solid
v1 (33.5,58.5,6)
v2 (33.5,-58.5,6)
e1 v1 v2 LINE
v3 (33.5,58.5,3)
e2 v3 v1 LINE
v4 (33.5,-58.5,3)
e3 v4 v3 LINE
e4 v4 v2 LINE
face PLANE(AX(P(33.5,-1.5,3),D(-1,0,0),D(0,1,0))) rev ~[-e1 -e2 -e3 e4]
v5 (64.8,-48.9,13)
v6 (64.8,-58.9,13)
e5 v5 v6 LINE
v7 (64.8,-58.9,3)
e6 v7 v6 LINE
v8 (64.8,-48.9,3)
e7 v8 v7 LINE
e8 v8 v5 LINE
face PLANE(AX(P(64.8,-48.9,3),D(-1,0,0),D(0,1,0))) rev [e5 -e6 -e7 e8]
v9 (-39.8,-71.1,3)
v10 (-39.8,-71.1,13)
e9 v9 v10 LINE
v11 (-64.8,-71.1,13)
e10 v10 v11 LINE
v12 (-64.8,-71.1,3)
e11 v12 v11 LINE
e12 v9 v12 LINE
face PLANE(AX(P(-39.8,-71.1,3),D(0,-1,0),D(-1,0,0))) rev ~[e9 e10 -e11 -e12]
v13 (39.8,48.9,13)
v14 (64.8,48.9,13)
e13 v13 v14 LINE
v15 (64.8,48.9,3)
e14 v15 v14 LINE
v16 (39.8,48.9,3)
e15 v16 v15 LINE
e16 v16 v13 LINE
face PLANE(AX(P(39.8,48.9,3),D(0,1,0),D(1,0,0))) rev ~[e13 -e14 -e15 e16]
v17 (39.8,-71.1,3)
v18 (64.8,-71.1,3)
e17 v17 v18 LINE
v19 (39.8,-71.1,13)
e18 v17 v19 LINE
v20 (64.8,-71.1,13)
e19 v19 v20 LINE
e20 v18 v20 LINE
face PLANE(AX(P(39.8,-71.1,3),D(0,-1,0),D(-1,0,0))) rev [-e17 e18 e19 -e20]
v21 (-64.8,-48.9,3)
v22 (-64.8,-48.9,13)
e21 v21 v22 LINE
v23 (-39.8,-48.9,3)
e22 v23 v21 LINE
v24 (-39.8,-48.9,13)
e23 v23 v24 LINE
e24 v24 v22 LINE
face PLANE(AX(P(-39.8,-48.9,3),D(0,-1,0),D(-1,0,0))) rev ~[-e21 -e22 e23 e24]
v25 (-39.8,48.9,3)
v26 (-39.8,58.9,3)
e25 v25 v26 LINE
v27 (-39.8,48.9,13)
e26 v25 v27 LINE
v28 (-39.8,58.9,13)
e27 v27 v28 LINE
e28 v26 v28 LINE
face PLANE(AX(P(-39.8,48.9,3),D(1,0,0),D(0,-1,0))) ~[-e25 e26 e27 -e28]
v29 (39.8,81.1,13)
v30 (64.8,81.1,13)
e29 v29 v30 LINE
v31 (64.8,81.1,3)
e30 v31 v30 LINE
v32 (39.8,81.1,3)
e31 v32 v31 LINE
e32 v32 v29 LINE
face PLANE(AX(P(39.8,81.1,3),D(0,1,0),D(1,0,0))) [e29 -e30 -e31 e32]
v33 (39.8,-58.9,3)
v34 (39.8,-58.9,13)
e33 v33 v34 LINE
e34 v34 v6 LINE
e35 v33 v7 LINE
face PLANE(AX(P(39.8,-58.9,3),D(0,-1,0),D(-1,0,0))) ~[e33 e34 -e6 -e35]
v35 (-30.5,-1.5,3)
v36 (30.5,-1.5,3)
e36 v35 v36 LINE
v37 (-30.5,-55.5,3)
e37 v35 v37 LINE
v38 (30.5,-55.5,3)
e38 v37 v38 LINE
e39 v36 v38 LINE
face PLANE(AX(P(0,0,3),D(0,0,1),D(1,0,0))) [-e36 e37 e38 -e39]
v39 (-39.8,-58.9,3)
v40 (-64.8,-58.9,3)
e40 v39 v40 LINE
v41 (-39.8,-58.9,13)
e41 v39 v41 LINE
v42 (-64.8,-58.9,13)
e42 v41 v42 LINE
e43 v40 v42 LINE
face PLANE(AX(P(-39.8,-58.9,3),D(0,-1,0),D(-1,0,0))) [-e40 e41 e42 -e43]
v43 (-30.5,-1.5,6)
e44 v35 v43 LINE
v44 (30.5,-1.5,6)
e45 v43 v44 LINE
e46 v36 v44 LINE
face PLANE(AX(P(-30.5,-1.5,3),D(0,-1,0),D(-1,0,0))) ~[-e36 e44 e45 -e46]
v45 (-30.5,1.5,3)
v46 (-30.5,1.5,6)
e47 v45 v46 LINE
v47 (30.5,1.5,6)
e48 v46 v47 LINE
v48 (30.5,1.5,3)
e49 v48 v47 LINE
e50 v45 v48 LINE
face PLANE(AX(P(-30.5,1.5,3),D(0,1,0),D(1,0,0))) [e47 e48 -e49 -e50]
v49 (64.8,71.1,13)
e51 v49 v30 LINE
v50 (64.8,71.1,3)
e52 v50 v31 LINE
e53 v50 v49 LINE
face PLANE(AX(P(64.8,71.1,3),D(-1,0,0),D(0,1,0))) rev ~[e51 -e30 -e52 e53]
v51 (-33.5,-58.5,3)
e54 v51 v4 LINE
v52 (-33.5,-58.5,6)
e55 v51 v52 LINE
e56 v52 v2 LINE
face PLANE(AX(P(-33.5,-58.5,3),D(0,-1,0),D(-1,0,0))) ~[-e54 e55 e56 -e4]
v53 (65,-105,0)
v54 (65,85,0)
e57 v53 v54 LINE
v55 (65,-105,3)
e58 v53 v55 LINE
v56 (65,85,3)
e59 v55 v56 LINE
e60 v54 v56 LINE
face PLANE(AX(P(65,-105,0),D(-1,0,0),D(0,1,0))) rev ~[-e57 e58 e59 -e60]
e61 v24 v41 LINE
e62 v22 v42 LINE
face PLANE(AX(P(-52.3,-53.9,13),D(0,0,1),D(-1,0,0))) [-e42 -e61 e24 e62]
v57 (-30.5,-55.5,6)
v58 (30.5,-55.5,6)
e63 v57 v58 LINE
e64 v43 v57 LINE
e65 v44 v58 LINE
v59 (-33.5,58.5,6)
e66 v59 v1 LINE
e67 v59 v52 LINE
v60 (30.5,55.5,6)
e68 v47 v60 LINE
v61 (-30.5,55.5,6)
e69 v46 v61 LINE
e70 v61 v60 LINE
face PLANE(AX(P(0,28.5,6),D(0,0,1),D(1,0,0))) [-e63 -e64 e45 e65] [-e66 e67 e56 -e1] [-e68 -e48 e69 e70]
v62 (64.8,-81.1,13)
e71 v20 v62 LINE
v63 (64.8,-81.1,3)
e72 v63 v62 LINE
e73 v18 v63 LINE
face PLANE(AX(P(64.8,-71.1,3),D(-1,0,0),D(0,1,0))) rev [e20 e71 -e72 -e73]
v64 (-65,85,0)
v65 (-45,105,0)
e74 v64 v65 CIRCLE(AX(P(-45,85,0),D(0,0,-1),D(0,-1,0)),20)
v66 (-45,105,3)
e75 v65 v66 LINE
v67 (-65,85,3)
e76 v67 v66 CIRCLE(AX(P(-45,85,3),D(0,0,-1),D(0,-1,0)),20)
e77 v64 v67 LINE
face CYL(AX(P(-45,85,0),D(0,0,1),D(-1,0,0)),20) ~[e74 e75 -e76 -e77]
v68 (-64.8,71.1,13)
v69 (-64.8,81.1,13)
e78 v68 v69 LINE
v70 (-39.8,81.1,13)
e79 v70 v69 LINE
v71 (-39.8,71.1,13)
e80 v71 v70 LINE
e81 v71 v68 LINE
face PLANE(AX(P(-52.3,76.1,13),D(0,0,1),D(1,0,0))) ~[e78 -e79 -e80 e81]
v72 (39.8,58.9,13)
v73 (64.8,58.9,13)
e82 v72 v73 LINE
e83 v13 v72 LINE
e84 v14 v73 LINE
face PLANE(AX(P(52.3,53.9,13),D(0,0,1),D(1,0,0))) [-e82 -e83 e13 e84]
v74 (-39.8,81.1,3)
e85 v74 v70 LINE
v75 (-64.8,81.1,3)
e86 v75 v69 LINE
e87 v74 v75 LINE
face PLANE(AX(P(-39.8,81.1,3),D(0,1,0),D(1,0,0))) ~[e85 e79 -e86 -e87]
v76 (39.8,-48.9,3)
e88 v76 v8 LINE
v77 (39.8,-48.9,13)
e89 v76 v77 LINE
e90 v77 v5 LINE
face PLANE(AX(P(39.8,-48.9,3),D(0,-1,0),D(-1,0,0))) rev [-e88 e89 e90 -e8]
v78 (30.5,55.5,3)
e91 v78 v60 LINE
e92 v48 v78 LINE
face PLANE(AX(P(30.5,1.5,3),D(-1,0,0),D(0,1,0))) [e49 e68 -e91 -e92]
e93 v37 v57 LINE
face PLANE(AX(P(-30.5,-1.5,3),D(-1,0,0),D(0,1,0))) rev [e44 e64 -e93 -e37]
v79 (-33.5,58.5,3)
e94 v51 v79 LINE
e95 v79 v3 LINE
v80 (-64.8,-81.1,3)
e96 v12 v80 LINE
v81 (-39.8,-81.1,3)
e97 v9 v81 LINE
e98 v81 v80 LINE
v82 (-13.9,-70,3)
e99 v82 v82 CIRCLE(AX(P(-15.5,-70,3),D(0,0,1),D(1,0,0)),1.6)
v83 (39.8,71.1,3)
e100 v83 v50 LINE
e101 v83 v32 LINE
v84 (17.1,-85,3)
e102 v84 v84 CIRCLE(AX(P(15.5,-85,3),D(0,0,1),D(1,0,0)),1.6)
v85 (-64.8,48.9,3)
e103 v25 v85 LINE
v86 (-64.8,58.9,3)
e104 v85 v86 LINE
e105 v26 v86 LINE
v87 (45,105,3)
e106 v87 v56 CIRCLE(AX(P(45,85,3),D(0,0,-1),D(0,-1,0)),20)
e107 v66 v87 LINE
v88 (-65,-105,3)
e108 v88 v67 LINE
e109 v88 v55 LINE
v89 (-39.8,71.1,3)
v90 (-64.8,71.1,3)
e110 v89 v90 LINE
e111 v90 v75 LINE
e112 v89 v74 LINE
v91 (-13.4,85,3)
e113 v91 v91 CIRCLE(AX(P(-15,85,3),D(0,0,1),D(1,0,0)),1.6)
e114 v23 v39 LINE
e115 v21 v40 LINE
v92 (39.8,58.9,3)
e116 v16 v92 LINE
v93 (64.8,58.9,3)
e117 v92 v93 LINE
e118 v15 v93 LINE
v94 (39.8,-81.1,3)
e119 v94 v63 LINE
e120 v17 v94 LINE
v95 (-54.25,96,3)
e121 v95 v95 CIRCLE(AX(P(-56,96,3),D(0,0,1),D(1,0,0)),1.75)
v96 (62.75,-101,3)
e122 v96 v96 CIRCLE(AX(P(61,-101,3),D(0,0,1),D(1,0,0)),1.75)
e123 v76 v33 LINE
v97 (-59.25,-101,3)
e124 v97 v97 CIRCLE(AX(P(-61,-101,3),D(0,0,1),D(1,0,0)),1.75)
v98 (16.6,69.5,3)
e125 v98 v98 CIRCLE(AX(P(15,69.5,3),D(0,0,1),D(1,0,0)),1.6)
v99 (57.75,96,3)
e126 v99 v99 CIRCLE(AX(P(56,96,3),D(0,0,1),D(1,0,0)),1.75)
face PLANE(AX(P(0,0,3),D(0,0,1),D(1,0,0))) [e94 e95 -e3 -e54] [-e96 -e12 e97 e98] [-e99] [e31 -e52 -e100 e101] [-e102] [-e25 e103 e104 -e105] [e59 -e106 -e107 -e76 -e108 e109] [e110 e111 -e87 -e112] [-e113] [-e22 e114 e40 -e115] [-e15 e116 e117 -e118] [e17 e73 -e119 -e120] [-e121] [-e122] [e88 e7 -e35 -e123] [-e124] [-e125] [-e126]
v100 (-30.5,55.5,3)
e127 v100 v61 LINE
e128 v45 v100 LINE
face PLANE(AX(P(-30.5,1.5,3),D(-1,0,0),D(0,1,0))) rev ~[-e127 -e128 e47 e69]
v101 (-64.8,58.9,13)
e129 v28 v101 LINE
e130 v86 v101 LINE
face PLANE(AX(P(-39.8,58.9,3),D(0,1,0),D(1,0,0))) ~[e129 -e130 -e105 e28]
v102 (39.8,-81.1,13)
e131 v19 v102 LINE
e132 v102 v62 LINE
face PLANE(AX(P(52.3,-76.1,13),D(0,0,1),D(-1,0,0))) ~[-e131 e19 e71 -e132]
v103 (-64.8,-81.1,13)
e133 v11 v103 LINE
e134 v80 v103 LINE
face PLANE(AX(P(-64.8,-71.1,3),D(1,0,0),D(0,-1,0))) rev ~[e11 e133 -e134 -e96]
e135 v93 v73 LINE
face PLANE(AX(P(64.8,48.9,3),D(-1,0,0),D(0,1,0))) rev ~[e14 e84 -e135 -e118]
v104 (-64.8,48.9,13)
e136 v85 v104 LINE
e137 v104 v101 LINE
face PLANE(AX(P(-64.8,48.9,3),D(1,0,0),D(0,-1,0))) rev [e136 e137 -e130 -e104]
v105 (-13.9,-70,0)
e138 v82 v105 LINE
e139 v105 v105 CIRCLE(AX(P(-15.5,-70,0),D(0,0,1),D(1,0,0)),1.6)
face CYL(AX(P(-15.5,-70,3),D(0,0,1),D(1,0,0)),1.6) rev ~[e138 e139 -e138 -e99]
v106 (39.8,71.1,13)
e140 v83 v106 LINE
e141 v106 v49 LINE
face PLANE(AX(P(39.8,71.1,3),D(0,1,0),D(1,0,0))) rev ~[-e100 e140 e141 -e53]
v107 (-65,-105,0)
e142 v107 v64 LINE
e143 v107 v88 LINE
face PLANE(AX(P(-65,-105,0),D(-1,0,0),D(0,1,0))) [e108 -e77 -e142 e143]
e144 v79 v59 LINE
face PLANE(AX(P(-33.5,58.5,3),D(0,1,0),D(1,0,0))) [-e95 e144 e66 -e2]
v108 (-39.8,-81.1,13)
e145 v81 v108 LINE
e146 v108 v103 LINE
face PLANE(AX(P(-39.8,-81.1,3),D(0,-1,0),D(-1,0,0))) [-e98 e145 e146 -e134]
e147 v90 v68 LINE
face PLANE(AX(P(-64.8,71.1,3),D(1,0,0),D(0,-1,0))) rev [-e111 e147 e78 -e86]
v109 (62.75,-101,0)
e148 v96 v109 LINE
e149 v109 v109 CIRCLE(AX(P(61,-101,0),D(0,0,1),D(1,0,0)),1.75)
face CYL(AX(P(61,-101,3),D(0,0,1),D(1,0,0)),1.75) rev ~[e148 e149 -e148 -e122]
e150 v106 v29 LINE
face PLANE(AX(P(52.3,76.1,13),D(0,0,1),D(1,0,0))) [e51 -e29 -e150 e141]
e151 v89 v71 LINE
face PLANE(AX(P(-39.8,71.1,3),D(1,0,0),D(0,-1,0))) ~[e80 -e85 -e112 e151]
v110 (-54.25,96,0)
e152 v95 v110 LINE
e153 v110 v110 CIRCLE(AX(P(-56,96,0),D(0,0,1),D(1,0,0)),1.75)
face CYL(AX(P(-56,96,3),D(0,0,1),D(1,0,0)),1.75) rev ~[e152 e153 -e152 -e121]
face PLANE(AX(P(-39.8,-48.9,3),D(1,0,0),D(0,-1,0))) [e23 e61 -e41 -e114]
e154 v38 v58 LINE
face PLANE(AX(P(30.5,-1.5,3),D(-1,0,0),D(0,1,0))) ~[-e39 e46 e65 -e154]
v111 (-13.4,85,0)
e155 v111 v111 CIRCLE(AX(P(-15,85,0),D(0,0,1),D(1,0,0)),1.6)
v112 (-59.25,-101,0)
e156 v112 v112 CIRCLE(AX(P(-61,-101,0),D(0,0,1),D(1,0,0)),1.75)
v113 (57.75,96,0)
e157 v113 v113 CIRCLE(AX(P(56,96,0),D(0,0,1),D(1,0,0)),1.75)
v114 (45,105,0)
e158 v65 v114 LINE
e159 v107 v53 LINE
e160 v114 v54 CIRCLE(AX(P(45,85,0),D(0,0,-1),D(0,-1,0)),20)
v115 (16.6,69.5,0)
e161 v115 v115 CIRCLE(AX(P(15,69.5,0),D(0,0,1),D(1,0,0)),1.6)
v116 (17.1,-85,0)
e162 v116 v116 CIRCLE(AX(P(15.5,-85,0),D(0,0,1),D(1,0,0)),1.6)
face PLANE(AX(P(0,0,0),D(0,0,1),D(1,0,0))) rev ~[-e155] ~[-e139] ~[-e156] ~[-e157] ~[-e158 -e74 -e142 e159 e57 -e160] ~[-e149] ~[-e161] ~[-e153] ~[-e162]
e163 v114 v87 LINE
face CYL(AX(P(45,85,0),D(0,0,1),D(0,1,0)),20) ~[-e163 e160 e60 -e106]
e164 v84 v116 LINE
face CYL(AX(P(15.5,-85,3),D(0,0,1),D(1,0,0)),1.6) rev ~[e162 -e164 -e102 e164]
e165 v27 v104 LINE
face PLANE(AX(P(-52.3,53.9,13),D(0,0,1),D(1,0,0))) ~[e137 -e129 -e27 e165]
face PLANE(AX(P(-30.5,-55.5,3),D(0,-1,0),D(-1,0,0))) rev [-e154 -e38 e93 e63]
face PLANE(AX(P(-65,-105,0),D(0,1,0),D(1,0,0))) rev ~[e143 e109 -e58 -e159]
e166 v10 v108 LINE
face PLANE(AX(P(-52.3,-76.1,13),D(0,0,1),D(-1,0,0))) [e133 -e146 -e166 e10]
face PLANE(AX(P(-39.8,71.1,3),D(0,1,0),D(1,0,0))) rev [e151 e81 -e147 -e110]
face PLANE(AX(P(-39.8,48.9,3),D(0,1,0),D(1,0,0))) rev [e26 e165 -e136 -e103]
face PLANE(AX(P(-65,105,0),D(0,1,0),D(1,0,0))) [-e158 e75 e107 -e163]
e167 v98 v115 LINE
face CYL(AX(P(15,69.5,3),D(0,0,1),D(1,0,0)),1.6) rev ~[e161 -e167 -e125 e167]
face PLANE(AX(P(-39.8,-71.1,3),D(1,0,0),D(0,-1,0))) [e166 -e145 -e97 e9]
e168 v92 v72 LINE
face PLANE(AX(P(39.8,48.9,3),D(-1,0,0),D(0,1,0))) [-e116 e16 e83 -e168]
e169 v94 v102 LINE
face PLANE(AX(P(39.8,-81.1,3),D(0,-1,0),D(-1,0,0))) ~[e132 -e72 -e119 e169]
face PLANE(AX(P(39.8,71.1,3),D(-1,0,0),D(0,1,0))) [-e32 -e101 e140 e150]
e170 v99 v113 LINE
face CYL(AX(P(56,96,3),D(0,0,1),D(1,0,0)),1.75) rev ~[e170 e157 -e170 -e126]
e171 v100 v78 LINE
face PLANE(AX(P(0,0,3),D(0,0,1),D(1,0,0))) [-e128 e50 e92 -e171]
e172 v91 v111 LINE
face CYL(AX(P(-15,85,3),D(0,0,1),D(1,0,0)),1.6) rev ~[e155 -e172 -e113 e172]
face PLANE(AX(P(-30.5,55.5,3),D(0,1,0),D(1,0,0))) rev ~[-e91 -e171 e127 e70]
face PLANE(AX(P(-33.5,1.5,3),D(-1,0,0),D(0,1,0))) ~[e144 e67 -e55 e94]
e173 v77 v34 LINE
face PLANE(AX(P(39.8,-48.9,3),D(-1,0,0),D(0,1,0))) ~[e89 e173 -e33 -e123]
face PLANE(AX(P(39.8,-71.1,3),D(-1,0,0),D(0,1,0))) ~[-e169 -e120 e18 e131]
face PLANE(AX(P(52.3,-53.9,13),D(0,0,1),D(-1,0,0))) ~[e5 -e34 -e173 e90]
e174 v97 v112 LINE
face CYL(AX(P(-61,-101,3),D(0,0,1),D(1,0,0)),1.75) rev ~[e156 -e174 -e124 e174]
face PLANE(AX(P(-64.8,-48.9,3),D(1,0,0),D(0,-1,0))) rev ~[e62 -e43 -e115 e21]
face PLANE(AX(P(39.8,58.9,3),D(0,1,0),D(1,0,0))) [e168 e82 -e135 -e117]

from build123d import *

# Parameters (mm, degrees)
SKETCH1_W               = 130
SKETCH1_H               = 210
BOSS_EXTRUDE1_DEPTH     = 3
FILLET1_R               = 20
FILLET2_R               = 20
SKETCH2_W               = 25
SKETCH2_H               = 10
BOSS_EXTRUDE2_DEPTH     = 10
MIRROR2_COPY_1_SKETCH_W = 25
MIRROR2_COPY_1_SKETCH_H = 10
MIRROR2_COPY_1_DEPTH    = 10
SKETCH3_W               = 67
SKETCH3_H               = 60
SKETCH3_W_2             = 61
SKETCH3_H_2             = 54
BOSS_EXTRUDE3_DEPTH     = 3
CROQUIS1_R              = 1.6
CORTAR_EXTRUIR1_DEPTH   = 10
CROQUIS2_R              = 1.75
CORTAR_EXTRUIR2_DEPTH   = 10


with BuildPart() as part:
    # Sketch1 → Boss-Extrude1 (new body)
    with BuildSketch(Plane.XY):
        Rectangle(SKETCH1_W, SKETCH1_H)
    extrude(amount=BOSS_EXTRUDE1_DEPTH)

    # Fillet1
    fillet1_edges = [part.edges().sort_by_distance(p)[0] for p in [
        (-65, 105, 1.5),
    ]]
    fillet(fillet1_edges, radius=FILLET1_R)

    # Fillet2
    fillet2_edges = [part.edges().sort_by_distance(p)[0] for p in [
        (65, 105, 1.5),
    ]]
    fillet(fillet2_edges, radius=FILLET2_R)

    # Sketch2 → Boss-Extrude2 (add)
    with BuildSketch(Plane.XY.offset(3)):
        with Locations((52.3, 53.9)):
            Rectangle(SKETCH2_W, SKETCH2_H)
        with Locations((52.3, 76.1)):
            Rectangle(SKETCH2_W, SKETCH2_H)
    boss_extrude2 = extrude(amount=BOSS_EXTRUDE2_DEPTH)

    # Mirror1: Boss-Extrude2 across plane
    add(boss_extrude2.mirror(Plane.ZX))

    # Mirror2: Boss-Extrude2 across plane
    add(boss_extrude2.mirror(Plane(origin=(0, 0, 0), x_dir=(0, 0, 1), z_dir=(1, 0, 0))))

    # Mirror2 copy 1 sketch → Mirror2 copy 1 (add)
    with BuildSketch(Plane(origin=(0, 0, 3), x_dir=(-1, 0, 0), z_dir=(0, 0, 1))):
        with Locations((52.3, 53.9)):
            Rectangle(MIRROR2_COPY_1_SKETCH_W, MIRROR2_COPY_1_SKETCH_H)
        with Locations((52.3, 76.1)):
            Rectangle(MIRROR2_COPY_1_SKETCH_W, MIRROR2_COPY_1_SKETCH_H)
    extrude(amount=MIRROR2_COPY_1_DEPTH)

    # Sketch3 → Boss-Extrude3 (add)
    with BuildSketch(Plane.XY.offset(3)):
        with Locations((0, 28.5)):
            Rectangle(SKETCH3_W, SKETCH3_H)
        with Locations((0, 28.5)):
            Rectangle(SKETCH3_W_2, SKETCH3_H_2, mode=Mode.SUBTRACT)
    boss_extrude3 = extrude(amount=BOSS_EXTRUDE3_DEPTH)

    # Mirror3: Boss-Extrude3 across plane
    add(boss_extrude3.mirror(Plane.ZX))

    # Croquis1 → Cortar-Extruir1 (cut)
    with BuildSketch(Plane.XY.offset(3)):
        with Locations((-15, 85)):
            Circle(CROQUIS1_R)
        with Locations((15, 69.5)):
            Circle(CROQUIS1_R)
        with Locations((-15.5, -70)):
            Circle(CROQUIS1_R)
        with Locations((15.5, -85)):
            Circle(CROQUIS1_R)
    extrude(amount=-CORTAR_EXTRUIR1_DEPTH, mode=Mode.SUBTRACT)

    # Croquis2 → Cortar-Extruir2 (cut)
    with BuildSketch(Plane.XY.offset(3)):
        with Locations((-61, -101)):
            Circle(CROQUIS2_R)
        with Locations((61, -101)):
            Circle(CROQUIS2_R)
        with Locations((56, 96)):
            Circle(CROQUIS2_R)
        with Locations((-56, 96)):
            Circle(CROQUIS2_R)
    extrude(amount=-CORTAR_EXTRUIR2_DEPTH, mode=Mode.SUBTRACT)


solid = part.part
